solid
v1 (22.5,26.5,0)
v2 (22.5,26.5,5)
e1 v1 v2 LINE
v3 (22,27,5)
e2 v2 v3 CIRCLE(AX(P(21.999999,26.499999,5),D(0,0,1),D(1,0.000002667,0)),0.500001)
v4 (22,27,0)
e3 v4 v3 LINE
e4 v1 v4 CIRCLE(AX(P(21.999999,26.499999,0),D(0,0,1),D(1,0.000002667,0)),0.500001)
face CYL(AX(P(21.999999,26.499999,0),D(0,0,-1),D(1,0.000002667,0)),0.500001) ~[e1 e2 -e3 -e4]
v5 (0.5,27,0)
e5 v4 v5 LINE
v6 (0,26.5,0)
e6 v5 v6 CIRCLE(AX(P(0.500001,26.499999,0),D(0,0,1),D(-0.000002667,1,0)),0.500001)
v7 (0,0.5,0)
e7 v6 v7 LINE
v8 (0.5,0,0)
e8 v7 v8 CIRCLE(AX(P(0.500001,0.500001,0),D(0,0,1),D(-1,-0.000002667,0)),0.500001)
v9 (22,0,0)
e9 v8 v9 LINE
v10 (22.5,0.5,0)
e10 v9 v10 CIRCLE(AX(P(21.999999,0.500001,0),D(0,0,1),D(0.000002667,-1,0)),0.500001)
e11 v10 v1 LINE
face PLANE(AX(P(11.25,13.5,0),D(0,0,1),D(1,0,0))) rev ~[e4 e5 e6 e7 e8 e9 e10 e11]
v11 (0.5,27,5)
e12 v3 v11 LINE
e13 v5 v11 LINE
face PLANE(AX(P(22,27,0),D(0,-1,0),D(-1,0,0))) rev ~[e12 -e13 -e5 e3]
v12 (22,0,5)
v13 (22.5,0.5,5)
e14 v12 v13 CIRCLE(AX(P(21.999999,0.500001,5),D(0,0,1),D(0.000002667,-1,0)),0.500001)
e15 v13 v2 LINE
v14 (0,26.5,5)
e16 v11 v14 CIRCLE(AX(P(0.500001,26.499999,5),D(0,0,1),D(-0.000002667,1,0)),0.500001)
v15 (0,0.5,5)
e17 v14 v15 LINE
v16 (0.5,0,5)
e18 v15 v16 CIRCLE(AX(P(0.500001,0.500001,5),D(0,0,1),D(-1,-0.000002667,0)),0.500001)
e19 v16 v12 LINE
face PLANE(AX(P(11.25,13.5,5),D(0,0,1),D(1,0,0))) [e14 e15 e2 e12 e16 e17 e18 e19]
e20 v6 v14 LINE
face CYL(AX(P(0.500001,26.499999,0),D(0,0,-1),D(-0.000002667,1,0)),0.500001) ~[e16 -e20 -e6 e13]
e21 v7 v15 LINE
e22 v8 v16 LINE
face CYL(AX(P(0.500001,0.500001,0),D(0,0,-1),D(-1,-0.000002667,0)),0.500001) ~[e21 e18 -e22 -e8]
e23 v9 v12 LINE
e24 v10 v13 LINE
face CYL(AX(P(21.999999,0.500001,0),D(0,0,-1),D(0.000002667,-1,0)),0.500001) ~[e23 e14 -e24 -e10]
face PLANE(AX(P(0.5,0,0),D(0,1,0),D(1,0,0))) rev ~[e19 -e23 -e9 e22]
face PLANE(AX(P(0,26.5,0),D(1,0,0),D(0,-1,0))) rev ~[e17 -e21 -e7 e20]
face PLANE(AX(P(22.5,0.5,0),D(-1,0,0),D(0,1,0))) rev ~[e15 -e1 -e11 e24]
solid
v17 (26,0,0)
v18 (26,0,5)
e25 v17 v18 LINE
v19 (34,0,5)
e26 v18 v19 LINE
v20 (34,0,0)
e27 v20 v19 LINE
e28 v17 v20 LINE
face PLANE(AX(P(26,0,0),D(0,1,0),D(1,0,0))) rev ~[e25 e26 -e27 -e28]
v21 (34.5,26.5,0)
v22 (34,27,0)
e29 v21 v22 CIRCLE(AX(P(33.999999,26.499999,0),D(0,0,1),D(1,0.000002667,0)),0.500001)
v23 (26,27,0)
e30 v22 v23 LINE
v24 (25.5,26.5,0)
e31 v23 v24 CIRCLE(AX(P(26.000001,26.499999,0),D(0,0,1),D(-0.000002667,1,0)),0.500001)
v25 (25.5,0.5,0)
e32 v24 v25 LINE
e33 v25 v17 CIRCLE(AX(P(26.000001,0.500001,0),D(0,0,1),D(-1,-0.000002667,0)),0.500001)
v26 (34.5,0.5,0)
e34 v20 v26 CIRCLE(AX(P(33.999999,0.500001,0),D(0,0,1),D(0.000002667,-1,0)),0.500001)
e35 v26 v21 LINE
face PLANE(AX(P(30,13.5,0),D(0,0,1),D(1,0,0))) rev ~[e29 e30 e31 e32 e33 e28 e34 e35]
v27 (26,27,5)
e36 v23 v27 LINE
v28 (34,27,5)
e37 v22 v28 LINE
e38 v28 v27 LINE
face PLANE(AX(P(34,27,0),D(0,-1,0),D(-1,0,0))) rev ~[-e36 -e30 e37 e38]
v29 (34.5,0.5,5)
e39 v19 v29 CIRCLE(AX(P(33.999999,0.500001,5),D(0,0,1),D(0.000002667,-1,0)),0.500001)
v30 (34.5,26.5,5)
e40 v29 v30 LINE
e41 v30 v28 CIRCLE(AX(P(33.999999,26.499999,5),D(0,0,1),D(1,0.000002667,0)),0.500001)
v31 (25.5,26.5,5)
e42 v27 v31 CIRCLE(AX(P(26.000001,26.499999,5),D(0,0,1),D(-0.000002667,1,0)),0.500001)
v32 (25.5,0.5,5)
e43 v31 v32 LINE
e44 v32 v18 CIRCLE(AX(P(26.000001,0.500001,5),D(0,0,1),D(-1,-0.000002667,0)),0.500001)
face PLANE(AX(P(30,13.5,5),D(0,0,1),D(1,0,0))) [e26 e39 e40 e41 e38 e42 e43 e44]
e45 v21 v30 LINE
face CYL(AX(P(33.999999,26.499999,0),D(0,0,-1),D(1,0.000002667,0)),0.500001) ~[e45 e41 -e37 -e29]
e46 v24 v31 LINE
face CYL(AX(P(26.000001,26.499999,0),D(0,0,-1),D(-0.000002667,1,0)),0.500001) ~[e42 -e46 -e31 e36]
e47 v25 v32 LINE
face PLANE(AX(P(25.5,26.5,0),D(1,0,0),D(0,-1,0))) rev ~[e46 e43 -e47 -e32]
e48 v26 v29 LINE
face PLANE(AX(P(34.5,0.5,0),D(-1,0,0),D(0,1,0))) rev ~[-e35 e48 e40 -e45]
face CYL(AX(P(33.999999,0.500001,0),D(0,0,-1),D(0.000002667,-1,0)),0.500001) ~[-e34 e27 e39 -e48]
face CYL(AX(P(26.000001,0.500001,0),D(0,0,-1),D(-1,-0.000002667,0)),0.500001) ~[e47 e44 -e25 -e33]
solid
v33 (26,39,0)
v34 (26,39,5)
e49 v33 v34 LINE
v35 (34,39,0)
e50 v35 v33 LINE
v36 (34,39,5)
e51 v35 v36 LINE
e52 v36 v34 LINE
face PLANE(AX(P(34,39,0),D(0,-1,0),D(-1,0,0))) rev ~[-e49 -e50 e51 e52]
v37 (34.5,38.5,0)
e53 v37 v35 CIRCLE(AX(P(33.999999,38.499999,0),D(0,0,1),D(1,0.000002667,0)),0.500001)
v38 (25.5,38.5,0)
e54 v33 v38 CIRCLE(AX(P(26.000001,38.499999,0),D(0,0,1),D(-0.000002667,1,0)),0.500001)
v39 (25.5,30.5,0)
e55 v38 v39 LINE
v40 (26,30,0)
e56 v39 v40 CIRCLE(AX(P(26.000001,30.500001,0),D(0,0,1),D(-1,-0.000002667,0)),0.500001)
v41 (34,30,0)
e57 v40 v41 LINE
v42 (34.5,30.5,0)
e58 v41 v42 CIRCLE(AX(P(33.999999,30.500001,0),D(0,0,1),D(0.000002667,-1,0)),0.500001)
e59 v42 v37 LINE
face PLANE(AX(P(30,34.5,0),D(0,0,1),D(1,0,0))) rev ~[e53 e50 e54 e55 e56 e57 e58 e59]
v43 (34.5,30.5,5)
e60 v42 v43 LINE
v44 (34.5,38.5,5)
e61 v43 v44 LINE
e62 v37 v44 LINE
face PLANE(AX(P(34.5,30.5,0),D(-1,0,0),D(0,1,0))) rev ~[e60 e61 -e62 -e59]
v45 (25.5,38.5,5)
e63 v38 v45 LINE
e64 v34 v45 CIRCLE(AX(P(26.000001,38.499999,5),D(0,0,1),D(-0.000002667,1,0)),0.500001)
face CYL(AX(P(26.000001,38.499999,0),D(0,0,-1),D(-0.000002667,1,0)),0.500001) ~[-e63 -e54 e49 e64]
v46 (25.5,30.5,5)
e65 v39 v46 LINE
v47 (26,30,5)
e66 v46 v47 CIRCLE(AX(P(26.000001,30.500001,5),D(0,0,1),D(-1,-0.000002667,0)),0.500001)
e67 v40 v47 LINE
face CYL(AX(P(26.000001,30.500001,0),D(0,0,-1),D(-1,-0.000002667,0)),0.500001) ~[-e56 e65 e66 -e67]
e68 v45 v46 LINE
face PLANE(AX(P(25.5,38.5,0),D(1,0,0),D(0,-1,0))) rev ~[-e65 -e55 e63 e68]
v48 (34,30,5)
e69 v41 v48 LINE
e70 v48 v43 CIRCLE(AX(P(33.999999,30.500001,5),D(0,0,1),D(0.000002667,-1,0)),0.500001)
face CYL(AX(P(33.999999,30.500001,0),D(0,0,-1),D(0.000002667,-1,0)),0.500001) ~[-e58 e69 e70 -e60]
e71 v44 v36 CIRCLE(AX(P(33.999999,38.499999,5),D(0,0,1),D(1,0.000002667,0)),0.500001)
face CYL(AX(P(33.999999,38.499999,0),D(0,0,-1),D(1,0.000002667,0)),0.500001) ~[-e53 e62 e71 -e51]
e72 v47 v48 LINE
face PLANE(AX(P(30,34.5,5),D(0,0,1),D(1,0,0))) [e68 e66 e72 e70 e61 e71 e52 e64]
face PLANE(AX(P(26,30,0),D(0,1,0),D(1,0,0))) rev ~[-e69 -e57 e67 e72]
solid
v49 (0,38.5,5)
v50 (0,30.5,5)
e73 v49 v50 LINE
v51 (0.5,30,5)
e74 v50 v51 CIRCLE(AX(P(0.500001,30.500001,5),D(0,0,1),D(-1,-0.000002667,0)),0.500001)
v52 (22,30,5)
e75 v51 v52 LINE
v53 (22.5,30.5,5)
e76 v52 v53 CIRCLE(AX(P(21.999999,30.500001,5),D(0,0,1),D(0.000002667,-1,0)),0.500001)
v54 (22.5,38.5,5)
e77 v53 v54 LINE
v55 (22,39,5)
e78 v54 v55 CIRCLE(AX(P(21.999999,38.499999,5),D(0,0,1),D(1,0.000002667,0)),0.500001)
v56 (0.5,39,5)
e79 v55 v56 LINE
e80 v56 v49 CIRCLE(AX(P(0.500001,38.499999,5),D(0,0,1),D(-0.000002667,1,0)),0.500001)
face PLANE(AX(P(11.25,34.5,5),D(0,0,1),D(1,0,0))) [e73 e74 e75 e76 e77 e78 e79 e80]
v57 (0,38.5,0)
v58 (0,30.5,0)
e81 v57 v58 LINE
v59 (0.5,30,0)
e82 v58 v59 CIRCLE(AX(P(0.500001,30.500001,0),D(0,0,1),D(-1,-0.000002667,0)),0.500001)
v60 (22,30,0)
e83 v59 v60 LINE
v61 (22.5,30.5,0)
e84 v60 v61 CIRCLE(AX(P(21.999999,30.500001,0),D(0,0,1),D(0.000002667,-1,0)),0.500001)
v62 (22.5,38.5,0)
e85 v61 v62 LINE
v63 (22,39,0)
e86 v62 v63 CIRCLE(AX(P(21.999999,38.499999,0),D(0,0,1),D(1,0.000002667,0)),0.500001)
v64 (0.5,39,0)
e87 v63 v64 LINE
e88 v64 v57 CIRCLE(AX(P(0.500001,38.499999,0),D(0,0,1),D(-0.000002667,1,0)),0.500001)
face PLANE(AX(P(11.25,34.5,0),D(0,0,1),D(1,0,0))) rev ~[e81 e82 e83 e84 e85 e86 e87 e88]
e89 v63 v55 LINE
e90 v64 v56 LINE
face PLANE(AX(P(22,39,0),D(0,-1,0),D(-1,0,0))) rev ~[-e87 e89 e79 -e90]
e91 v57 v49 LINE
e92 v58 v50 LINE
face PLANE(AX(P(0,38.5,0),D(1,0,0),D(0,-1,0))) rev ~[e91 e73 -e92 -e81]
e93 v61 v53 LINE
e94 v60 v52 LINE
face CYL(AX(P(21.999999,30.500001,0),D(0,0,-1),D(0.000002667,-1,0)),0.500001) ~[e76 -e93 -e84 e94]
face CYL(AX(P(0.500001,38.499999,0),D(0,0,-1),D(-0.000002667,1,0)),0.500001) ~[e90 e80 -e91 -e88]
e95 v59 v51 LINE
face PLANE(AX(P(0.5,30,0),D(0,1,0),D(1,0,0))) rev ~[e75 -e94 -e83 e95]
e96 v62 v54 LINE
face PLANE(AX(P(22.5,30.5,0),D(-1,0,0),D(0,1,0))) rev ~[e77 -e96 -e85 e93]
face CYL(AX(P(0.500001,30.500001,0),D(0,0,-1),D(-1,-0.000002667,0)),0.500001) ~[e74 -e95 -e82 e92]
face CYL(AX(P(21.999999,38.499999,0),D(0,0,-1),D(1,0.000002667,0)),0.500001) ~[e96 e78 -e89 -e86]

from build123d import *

# Parameters (mm, degrees)
F1_DEPTH = 5


with BuildPart() as f1:
    # F0 (on Top) → F1 (new body)
    with BuildSketch(Plane.XY):
        with BuildLine():
            ThreePointArc((0, 0.5), (0.146447, 0.146447), (0.5, 0))
            Line((0.5, 0), (22, 0))
            ThreePointArc((22, 0), (22.353553, 0.146447), (22.5, 0.5))
            Line((22.5, 0.5), (22.5, 26.5))
            ThreePointArc((22.5, 26.5), (22.353553, 26.853553), (22, 27))
            Line((22, 27), (0.5, 27))
            ThreePointArc((0.5, 27), (0.146447, 26.853553), (0, 26.5))
            Line((0, 26.5), (0, 0.5))
        make_face()
        with BuildLine():
            ThreePointArc((25.5, 0.5), (25.646447, 0.146447), (26, 0))
            Line((26, 0), (34, 0))
            ThreePointArc((34, 0), (34.353553, 0.146447), (34.5, 0.5))
            Line((34.5, 0.5), (34.5, 26.5))
            ThreePointArc((34.5, 26.5), (34.353553, 26.853553), (34, 27))
            Line((34, 27), (26, 27))
            ThreePointArc((26, 27), (25.646447, 26.853553), (25.5, 26.5))
            Line((25.5, 26.5), (25.5, 0.5))
        make_face()
        with BuildLine():
            ThreePointArc((0, 30.5), (0.146447, 30.146447), (0.5, 30))
            Line((0.5, 30), (22, 30))
            ThreePointArc((22, 30), (22.353553, 30.146447), (22.5, 30.5))
            Line((22.5, 30.5), (22.5, 38.5))
            ThreePointArc((22.5, 38.5), (22.353553, 38.853553), (22, 39))
            Line((22, 39), (0.5, 39))
            ThreePointArc((0.5, 39), (0.146447, 38.853553), (0, 38.5))
            Line((0, 38.5), (0, 30.5))
        make_face()
        with BuildLine():
            ThreePointArc((25.5, 30.5), (25.646447, 30.146447), (26, 30))
            Line((26, 30), (34, 30))
            ThreePointArc((34, 30), (34.353553, 30.146447), (34.5, 30.5))
            Line((34.5, 30.5), (34.5, 38.5))
            ThreePointArc((34.5, 38.5), (34.353553, 38.853553), (34, 39))
            Line((34, 39), (26, 39))
            ThreePointArc((26, 39), (25.646447, 38.853553), (25.5, 38.5))
            Line((25.5, 38.5), (25.5, 30.5))
        make_face()
    extrude(amount=F1_DEPTH)


solid = f1.part
